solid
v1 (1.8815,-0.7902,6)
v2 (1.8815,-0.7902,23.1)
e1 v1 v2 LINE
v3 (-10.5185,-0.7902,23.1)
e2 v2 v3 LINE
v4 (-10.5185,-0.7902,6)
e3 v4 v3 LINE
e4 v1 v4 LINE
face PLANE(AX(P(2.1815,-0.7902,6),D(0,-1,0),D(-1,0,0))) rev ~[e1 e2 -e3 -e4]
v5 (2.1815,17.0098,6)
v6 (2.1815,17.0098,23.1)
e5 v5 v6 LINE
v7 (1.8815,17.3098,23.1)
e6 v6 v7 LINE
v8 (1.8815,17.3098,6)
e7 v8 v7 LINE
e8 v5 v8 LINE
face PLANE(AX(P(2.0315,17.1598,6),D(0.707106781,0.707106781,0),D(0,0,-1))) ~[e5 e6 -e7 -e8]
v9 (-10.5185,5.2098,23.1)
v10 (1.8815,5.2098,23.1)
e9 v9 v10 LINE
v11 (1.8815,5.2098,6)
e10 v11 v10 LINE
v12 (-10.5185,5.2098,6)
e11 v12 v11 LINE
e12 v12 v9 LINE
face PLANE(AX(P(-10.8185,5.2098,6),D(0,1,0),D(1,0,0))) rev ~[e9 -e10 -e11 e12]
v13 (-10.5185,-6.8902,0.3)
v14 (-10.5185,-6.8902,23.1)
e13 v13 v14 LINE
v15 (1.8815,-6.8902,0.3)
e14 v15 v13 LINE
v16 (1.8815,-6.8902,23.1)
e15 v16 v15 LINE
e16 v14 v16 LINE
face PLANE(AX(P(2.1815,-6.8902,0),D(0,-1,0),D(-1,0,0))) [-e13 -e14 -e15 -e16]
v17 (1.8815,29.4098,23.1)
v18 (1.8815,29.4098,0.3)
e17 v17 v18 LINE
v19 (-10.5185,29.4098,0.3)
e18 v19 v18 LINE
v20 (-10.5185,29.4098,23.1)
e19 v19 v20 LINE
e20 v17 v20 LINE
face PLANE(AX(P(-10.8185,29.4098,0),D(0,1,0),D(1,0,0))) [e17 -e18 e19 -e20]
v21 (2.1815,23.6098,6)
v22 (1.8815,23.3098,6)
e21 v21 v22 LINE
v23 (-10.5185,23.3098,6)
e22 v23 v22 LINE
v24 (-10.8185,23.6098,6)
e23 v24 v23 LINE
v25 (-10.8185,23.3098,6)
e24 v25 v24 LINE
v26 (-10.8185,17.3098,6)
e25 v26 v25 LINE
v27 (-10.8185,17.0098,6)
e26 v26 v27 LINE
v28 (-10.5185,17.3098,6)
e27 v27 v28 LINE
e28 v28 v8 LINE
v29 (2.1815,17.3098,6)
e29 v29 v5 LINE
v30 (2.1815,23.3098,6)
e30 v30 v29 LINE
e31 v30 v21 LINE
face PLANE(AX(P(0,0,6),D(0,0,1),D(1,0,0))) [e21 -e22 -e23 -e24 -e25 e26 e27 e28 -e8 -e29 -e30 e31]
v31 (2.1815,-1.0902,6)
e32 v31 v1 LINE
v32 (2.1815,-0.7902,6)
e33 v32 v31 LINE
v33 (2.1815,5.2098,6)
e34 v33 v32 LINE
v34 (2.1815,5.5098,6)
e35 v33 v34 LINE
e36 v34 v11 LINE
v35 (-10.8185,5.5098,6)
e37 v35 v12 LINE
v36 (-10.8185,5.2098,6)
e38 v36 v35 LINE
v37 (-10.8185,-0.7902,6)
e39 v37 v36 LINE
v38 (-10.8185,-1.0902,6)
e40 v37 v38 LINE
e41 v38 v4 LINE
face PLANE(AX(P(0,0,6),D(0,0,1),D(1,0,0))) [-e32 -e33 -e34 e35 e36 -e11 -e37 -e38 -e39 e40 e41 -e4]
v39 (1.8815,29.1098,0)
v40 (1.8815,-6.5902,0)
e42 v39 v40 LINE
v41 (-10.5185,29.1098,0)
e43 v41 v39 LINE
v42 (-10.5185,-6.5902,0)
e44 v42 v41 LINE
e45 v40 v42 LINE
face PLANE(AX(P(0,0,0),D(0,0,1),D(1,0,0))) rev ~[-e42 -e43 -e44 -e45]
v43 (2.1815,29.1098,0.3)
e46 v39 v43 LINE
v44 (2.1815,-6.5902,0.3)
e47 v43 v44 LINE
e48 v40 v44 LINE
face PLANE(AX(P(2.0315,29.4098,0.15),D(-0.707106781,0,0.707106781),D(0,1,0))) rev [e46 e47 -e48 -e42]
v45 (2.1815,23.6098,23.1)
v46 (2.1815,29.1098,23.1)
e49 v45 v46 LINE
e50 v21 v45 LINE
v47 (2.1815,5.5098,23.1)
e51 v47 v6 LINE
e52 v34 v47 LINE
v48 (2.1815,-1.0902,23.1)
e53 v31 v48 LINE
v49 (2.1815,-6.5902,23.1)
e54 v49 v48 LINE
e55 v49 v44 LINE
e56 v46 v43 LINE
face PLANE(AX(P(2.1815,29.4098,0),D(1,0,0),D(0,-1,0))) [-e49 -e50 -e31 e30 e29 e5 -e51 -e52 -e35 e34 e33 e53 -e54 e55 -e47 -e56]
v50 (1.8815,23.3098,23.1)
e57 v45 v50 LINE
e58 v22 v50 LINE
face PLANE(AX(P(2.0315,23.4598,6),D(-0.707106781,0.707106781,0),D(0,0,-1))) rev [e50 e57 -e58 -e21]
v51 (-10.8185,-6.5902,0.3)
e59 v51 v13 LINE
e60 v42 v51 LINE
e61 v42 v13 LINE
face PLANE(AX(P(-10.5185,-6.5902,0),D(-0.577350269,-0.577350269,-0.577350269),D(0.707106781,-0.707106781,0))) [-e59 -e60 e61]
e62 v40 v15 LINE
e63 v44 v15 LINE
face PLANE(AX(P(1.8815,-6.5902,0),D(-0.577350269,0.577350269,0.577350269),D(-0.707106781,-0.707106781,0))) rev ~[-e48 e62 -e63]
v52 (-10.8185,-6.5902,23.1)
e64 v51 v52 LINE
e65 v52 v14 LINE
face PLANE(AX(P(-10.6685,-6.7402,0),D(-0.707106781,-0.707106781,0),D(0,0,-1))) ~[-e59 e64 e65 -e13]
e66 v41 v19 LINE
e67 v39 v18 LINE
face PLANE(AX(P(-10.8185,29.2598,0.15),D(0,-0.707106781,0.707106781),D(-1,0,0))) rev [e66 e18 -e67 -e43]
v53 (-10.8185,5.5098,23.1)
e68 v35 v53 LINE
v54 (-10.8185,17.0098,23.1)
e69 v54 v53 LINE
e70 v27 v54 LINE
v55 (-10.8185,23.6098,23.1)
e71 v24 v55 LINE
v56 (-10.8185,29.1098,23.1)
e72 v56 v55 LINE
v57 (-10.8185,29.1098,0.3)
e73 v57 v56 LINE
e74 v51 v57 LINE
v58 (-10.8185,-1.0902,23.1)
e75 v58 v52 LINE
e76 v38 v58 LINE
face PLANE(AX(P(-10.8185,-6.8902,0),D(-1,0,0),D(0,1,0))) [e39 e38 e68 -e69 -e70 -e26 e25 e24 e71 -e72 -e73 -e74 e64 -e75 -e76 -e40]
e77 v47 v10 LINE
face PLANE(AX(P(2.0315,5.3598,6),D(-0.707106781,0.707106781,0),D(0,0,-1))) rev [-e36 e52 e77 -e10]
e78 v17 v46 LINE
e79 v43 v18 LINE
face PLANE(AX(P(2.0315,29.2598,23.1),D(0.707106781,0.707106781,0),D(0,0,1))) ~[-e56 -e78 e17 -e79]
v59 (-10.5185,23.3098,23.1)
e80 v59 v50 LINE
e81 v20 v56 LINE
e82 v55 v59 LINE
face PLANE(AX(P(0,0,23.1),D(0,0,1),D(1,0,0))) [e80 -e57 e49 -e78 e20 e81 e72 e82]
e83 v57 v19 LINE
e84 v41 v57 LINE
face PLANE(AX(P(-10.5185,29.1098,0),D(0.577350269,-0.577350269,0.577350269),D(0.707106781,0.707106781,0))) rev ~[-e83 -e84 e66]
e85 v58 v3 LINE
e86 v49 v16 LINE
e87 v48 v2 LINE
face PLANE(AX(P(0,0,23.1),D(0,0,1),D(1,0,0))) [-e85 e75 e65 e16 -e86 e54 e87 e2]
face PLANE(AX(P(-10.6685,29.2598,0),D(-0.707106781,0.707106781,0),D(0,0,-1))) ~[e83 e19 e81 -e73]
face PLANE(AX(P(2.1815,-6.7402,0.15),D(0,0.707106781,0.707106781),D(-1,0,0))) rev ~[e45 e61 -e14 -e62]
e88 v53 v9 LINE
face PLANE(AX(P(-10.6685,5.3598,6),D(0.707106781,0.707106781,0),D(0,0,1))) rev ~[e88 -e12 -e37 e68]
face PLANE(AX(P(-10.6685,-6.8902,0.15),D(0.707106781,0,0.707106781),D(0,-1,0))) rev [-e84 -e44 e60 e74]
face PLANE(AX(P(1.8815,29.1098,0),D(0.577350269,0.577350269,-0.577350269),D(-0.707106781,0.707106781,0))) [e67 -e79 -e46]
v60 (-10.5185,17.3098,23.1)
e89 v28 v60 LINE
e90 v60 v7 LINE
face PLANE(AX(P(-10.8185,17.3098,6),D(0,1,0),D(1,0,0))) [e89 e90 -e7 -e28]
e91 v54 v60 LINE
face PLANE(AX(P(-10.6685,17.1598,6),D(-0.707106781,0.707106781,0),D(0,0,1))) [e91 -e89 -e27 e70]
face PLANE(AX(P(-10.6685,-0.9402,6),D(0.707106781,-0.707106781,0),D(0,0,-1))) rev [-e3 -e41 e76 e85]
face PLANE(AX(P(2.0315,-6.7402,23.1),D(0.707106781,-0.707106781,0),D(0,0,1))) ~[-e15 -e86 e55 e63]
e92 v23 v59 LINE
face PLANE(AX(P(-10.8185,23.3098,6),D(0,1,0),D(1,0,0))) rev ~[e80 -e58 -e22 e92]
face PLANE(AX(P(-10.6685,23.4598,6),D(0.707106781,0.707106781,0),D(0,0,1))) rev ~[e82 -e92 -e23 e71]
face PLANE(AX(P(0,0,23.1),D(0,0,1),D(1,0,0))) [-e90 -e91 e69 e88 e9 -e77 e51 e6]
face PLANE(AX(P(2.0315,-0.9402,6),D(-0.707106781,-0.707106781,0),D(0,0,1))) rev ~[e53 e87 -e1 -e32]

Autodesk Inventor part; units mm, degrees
ref_plane "YZ Plane" through (0, 0, 0) normal (1, 0, 0) x (0, 1, 0)
ref_plane "XZ Plane" through (0, 0, 0) normal (0, 1, 0) x (-1, 0, 0)
ref_plane "XY Plane" through (0, 0, 0) normal (0, 0, 1) x (1, 0, 0)
sketch "Sketch1" plane through (0, 0, 0) normal (0, 0, 1) x (1, 0, 0)
  line L0 (-10.8185, 29.4098) -> (2.1815, 29.4098)
  line L1 (2.1815, 29.4098) -> (2.1815, -6.8902)
  line L2 (2.1815, -6.8902) -> (-10.8185, -6.8902)
  line L3 (-10.8185, -6.8902) -> (-10.8185, 29.4098)
  point P0 (0, 0)
  dimension "d0" = 13
  dimension "d1" = 36.3
extrude "Extrusion1" add sketch "Sketch1" along normal blind 6
sketch "Sketch2" plane through (0, 0, 6) normal (0, 0, 1) x (1, 0, 0)
  line L0 (2.1815, 29.4098) -> (-10.8185, 29.4098) projected
  line L1 (-10.8185, 29.4098) -> (-10.8185, -6.8902) projected
  line L2 (-10.8185, -6.8902) -> (2.1815, -6.8902) projected
  line L3 (2.1815, -6.8902) -> (2.1815, 29.4098) projected
  line L4 (2.1815, -0.7902) -> (-10.8185, -0.7902)
  line L5 (-10.8185, 29.4098) -> (-10.8185, -6.8902) projected
  line L6 (-10.8185, 5.2098) -> (2.1815, 5.2098)
  line L7 (2.1815, -6.8902) -> (2.1815, 29.4098) projected
  line L8 (-10.8185, 17.3098) -> (2.1815, 17.3098)
  line L9 (-10.8185, 23.3098) -> (2.1815, 23.3098)
  point P0 (0, 0)
  dimension "d4" = 6.1
  dimension "d5" = 6.1
  dimension "d6" = 12.1
  dimension "d7" = 12.1
  dimension "d8" = 36.3
extrude "Extrusion2" add sketch "Sketch2" along normal blind 17.1 contours L3 L9 L1 L0 | L3 L6 L1 L8 | L3 L2 L1 L4
chamfer "Chamfer1" distance 0.3 angle 45 16 edges at (-10.8185, 29.4098, 11.55) (-10.8185, 23.3098, 14.55) (-10.8185, 17.3098, 14.55) (2.1815, 17.3098, 14.55) (2.1815, 5.2098, 14.55) (-10.8185, 5.2098, 14.55) (-10.8185, -0.7902, 14.55) (2.1815, -0.7902, 14.55) (-10.8185, -6.8902, 11.55) (2.1815, -6.8902, 11.55) (2.1815, 29.4098, 11.55) (2.1815, 23.3098, 14.55) (-10.8185, 11.2598, 0) (2.1815, 11.2598, 0) (-4.3185, 29.4098, 0) (-4.3185, -6.8902, 0)
equation "\"d5\" = d4"
equation "\"d7\" = -0.5 * d6 + 0.5 * d8"
properties part number "COTS_GENERIC_Transformer_Core" material "Stainless Steel"
